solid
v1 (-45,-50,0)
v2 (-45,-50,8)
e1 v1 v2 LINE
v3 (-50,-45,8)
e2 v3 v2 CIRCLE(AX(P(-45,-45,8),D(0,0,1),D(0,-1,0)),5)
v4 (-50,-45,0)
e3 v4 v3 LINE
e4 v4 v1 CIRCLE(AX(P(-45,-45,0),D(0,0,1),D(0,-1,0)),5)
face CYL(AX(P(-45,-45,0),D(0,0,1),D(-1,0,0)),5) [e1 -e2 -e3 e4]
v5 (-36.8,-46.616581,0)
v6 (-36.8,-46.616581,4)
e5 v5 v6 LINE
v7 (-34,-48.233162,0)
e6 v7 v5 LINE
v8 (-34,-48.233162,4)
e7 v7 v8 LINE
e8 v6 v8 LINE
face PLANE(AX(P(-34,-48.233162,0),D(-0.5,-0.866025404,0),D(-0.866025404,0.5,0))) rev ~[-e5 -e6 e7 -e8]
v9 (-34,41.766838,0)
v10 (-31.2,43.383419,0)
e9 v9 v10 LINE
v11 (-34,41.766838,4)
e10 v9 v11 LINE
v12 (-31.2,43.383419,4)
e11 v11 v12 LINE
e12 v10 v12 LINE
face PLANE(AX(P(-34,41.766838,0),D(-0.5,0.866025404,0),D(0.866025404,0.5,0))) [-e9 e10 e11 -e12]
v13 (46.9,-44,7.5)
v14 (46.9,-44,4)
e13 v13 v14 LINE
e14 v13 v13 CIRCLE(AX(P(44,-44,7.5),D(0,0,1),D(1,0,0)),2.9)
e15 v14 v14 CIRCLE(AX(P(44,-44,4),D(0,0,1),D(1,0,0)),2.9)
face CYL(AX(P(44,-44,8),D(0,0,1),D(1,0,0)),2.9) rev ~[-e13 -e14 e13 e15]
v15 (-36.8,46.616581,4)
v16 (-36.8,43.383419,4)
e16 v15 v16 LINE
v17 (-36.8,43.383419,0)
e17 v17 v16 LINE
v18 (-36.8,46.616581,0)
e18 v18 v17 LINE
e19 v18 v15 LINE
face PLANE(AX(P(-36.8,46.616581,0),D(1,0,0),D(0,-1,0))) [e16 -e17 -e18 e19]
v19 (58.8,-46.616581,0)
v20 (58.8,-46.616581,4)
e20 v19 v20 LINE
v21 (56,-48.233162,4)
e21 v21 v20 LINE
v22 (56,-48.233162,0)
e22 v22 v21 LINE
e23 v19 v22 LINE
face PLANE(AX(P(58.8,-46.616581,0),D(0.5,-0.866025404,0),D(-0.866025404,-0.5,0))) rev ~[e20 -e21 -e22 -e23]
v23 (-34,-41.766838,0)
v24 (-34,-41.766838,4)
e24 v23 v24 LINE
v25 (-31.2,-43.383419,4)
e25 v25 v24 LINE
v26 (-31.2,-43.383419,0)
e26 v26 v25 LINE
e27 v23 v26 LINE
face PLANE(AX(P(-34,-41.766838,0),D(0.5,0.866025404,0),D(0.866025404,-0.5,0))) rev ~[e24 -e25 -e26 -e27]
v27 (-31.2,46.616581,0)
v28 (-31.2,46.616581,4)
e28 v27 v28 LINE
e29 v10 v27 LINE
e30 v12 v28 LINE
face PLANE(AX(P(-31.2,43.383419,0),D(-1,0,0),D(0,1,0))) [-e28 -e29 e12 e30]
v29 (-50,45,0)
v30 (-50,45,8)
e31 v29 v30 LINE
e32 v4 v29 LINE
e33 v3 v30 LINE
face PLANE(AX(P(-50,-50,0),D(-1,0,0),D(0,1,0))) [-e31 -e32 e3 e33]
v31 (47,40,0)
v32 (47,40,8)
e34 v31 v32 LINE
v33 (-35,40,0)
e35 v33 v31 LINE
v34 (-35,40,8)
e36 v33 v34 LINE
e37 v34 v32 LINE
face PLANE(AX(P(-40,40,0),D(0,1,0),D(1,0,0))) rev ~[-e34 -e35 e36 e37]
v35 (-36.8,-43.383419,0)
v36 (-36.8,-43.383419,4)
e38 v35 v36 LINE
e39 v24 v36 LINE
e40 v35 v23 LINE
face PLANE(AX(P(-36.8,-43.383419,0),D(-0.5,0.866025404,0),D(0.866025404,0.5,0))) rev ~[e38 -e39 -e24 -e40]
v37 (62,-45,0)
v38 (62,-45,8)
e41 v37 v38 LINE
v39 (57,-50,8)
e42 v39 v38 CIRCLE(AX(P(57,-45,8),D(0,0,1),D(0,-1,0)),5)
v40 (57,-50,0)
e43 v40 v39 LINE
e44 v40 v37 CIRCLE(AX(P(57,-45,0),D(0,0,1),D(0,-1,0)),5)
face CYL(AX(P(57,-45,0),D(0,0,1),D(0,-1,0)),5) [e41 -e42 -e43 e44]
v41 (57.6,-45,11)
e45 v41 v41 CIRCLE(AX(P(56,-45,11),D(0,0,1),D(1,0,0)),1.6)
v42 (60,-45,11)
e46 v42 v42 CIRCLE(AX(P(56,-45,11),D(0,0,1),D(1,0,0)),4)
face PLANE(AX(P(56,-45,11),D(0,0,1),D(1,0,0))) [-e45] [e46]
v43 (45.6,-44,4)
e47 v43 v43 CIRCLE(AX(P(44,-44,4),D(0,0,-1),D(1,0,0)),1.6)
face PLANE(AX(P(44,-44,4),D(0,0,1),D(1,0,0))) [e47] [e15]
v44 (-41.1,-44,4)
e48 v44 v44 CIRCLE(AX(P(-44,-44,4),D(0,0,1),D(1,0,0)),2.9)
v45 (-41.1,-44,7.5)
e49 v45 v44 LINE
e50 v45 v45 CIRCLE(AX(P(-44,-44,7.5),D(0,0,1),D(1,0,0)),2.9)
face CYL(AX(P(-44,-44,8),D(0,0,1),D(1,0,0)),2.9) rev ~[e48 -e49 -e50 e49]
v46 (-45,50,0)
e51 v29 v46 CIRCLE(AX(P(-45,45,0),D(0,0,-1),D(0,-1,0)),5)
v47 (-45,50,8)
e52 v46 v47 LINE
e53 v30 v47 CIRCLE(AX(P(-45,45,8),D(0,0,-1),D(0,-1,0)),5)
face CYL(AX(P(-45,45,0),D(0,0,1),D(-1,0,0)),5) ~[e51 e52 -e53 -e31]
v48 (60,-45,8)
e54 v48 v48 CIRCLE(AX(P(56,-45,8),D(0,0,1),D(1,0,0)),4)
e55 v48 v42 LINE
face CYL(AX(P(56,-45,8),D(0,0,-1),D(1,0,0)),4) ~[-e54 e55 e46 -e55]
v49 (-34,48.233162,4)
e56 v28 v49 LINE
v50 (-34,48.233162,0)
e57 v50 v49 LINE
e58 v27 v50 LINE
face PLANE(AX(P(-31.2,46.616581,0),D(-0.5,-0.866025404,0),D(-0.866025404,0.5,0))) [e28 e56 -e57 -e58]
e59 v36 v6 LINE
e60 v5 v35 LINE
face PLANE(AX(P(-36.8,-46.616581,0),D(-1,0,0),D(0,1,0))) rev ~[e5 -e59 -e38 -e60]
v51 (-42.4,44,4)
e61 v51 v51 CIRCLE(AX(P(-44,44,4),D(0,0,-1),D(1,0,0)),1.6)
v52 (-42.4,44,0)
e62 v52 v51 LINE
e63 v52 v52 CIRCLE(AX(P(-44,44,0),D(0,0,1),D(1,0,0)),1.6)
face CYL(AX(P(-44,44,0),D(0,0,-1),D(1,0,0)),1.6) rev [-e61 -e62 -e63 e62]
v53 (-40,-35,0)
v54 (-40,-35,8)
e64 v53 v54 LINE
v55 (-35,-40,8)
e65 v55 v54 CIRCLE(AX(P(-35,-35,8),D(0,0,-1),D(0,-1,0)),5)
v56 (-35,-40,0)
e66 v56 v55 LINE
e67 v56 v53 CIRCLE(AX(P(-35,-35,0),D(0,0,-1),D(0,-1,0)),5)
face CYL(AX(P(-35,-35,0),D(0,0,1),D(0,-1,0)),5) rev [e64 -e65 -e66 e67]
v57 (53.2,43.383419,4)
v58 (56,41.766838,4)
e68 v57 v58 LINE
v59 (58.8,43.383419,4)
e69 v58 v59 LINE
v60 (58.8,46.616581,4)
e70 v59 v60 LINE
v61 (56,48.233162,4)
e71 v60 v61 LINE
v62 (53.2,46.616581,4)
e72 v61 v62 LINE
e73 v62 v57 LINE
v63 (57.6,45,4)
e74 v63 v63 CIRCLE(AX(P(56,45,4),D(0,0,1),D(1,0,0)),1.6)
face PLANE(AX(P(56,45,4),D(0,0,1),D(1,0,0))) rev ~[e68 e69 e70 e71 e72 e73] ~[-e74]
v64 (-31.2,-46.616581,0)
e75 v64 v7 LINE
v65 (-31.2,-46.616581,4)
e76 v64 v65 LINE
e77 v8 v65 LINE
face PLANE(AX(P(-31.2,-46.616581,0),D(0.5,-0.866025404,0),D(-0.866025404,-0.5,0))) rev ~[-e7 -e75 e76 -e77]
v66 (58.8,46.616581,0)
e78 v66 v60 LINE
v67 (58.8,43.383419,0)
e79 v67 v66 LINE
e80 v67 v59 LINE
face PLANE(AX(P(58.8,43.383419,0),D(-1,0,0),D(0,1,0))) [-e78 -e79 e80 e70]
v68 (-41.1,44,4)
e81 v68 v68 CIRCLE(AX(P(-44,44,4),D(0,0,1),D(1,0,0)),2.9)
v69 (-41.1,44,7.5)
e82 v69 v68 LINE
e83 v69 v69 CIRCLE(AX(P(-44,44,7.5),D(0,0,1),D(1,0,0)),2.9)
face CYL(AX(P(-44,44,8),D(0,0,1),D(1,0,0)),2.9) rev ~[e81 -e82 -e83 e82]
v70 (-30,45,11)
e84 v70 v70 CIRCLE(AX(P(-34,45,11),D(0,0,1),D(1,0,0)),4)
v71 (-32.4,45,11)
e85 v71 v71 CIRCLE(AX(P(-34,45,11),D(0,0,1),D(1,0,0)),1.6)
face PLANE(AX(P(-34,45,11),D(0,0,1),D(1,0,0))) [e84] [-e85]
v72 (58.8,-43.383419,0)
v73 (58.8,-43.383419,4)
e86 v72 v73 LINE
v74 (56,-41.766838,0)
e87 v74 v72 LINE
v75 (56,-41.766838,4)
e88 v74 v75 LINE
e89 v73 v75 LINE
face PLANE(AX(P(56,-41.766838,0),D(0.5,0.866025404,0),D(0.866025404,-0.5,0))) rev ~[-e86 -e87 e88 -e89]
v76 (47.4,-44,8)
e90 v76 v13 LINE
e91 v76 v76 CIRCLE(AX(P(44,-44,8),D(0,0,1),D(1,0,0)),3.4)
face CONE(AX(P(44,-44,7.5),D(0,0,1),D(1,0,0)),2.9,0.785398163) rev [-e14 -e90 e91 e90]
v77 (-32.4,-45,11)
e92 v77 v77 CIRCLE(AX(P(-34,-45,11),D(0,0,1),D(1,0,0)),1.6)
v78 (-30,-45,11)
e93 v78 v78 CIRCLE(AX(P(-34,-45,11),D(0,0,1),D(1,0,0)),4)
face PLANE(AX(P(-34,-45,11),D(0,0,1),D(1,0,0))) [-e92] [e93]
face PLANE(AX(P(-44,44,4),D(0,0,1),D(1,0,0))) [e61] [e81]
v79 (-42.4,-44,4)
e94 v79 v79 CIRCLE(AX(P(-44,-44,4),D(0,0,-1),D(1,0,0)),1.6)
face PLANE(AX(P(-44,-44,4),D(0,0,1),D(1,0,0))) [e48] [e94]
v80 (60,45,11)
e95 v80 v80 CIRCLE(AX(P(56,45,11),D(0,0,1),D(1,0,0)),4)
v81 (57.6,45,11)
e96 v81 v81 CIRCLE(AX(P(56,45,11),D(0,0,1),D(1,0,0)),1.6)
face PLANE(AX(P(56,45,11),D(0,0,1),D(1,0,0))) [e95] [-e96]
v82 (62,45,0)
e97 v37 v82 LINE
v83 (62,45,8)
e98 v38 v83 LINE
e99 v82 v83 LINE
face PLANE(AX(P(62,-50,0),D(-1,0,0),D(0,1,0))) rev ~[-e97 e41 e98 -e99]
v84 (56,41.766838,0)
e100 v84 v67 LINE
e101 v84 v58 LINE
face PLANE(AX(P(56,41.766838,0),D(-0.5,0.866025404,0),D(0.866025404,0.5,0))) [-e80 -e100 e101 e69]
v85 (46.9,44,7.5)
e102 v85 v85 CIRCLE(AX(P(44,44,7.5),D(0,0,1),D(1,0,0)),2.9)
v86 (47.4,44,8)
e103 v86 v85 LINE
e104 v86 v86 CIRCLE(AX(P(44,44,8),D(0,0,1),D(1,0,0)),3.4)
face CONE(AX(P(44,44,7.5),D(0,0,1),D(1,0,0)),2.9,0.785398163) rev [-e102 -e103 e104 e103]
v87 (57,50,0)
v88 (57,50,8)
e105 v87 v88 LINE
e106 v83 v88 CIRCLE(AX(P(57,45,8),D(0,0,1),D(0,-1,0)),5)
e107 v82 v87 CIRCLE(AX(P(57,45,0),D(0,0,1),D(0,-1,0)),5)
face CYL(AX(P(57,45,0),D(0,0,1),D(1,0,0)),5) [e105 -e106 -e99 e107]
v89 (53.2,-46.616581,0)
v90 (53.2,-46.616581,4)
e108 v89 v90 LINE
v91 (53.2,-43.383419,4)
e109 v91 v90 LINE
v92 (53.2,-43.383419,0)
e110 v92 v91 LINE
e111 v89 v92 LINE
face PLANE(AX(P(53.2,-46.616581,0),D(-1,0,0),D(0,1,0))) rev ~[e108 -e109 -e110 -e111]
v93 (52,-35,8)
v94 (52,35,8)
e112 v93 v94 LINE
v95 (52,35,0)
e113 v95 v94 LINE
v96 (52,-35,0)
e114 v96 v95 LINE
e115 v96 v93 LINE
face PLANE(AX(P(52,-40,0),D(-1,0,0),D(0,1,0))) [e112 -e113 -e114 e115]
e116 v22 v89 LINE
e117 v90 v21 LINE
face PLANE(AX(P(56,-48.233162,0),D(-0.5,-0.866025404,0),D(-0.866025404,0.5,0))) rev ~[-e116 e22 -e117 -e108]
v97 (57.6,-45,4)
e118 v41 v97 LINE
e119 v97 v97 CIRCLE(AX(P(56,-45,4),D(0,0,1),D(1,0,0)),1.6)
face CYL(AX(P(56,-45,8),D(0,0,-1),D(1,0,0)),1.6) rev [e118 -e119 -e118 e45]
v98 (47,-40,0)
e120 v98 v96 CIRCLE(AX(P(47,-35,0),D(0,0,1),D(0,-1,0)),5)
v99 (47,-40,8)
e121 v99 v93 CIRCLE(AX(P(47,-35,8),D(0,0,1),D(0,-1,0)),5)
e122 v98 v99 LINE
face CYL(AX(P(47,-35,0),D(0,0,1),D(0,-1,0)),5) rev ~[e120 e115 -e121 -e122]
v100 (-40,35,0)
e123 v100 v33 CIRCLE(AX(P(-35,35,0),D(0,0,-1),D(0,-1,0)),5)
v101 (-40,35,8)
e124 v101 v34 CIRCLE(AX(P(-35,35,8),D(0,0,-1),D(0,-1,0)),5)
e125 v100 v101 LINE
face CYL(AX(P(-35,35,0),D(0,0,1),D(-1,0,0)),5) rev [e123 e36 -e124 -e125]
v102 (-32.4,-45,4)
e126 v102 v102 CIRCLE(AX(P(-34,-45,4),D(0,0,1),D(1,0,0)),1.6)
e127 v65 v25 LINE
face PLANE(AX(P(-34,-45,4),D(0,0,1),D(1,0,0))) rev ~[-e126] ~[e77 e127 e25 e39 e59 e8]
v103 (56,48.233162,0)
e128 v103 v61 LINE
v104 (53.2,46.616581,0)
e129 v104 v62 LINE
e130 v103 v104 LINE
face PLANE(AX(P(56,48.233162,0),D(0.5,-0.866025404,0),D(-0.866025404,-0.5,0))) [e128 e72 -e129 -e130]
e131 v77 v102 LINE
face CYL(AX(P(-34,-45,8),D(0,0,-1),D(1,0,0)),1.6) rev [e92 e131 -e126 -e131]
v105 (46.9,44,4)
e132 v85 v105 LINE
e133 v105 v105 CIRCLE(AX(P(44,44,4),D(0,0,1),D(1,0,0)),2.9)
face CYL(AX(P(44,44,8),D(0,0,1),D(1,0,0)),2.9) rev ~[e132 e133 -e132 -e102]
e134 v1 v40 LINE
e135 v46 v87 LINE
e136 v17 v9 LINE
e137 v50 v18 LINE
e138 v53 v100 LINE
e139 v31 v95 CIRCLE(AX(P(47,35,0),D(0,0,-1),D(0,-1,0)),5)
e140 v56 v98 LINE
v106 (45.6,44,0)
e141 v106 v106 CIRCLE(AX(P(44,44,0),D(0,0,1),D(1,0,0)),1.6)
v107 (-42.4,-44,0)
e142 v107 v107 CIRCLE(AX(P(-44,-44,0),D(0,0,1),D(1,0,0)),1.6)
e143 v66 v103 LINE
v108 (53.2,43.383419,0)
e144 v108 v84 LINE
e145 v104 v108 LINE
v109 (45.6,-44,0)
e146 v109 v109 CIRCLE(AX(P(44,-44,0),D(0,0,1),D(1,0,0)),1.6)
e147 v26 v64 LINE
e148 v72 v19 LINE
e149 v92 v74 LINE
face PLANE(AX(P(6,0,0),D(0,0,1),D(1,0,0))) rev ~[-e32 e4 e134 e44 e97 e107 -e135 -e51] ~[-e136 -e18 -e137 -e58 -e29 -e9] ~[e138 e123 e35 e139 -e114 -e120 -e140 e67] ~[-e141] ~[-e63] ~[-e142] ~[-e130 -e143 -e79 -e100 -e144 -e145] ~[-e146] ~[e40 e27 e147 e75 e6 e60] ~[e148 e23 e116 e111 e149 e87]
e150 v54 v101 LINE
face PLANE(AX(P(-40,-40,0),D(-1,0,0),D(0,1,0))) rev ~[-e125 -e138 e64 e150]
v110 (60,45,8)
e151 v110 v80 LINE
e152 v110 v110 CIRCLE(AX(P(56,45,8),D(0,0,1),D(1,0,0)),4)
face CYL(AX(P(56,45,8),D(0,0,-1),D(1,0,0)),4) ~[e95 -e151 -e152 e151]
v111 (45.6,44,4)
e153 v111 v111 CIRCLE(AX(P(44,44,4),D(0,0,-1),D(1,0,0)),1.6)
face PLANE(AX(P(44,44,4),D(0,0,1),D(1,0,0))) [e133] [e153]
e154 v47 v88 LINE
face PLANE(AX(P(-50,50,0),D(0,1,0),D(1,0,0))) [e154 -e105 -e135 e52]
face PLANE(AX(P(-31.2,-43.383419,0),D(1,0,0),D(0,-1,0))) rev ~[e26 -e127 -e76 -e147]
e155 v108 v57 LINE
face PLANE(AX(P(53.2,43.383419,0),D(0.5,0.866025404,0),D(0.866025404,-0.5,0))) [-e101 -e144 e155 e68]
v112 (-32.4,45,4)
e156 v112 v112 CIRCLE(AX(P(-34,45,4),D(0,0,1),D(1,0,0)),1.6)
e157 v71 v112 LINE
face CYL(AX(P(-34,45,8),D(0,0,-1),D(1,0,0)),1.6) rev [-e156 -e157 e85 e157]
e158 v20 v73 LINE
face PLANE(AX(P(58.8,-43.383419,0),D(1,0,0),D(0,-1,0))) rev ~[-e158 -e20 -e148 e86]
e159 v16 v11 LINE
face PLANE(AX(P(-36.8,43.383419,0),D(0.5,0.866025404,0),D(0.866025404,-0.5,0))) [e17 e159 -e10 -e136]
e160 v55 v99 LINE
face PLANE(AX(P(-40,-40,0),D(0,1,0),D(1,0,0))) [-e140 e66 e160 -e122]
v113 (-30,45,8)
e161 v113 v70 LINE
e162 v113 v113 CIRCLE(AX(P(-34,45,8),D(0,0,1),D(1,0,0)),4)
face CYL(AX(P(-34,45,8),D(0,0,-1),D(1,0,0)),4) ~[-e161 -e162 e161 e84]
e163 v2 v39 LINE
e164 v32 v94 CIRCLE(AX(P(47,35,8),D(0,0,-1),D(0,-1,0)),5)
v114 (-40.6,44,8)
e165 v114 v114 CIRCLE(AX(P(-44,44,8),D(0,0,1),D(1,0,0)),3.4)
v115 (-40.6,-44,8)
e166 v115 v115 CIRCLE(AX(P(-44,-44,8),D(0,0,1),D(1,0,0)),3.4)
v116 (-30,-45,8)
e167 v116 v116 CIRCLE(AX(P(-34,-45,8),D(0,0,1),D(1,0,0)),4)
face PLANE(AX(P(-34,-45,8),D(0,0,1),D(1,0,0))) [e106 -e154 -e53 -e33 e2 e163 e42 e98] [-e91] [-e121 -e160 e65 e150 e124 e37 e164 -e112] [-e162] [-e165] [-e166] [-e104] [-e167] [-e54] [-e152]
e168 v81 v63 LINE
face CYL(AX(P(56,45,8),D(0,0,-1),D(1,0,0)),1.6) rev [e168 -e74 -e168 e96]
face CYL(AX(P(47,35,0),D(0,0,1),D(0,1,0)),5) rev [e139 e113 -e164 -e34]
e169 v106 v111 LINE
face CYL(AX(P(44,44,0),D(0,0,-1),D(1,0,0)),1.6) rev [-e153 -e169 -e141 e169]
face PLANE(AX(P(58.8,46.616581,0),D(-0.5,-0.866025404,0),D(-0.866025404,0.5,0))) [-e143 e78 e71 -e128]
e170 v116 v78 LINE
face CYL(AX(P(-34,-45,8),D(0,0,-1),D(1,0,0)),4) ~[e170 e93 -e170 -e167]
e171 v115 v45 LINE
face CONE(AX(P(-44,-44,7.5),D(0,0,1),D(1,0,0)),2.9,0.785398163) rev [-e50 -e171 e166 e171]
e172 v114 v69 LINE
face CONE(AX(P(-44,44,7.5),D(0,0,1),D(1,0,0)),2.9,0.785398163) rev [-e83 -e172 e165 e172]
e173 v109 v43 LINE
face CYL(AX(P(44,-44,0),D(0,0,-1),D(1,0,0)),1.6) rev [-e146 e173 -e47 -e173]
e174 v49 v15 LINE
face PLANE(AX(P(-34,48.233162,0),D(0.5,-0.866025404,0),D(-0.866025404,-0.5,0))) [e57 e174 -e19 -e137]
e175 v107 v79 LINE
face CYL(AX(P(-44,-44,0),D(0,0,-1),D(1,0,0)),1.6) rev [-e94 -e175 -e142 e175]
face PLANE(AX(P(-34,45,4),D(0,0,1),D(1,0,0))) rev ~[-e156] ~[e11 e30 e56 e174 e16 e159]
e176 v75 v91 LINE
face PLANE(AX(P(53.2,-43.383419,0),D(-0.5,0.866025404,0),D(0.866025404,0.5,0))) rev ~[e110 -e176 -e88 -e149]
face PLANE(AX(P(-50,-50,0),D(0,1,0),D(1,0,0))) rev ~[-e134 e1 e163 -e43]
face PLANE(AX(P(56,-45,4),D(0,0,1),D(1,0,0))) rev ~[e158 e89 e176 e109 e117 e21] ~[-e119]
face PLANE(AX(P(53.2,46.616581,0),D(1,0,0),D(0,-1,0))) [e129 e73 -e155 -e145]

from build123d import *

# Parameters (mm, degrees)
SKICA1_W                 = 112
SKICA1_H                 = 100
SKICA1_R                 = 1.6
SKICA1_W_2               = 92
SKICA1_H_2               = 80
P_IDAT_VYSUNUT_M1_DEPTH  = 8
SKICA2_R                 = 2.9
ODEBRAT_VYSUNUT_M1_DEPTH = 4
SKICA3_R                 = 1.6
P_IDAT_VYSUNUT_M2_DEPTH  = 4
ZKOSEN_1_SIZE            = 0.5
ZAOBLIT1_R               = 5
SKICA4_R                 = 4
SKICA4_R_2               = 1.6
P_IDAT_VYSUNUT_M3_DEPTH  = 3


with BuildPart() as part:
    # Skica1 → Přidat vysunutím1 (new body)
    with BuildSketch(Plane.XY):
        with Locations((6, 0)):
            Rectangle(SKICA1_W, SKICA1_H)
        with Locations((-44, 44)):
            Circle(SKICA1_R, mode=Mode.SUBTRACT)
        with Locations((44, 44)):
            Circle(SKICA1_R, mode=Mode.SUBTRACT)
        with Locations((-44, -44)):
            Circle(SKICA1_R, mode=Mode.SUBTRACT)
        with Locations((44, -44)):
            Circle(SKICA1_R, mode=Mode.SUBTRACT)
        Polygon((-34, 41.766838493), (-31.2, 43.383419246), (-31.2, 46.616580754), (-34, 48.233161507), (-36.8, 46.616580754), (-36.8, 43.383419246), align=None, mode=Mode.SUBTRACT)
        Polygon((56, 41.766838493), (58.8, 43.383419246), (58.8, 46.616580754), (56, 48.233161507), (53.2, 46.616580754), (53.2, 43.383419246), align=None, mode=Mode.SUBTRACT)
        Polygon((53.2, -43.383419246), (56, -41.766838493), (58.8, -43.383419246), (58.8, -46.616580754), (56, -48.233161507), (53.2, -46.616580754), align=None, mode=Mode.SUBTRACT)
        Polygon((-36.8, -43.383419246), (-34, -41.766838493), (-31.2, -43.383419246), (-31.2, -46.616580754), (-34, -48.233161507), (-36.8, -46.616580754), align=None, mode=Mode.SUBTRACT)
        with Locations((6, 0)):
            Rectangle(SKICA1_W_2, SKICA1_H_2, mode=Mode.SUBTRACT)
    extrude(amount=P_IDAT_VYSUNUT_M1_DEPTH)

    # Skica2 → Odebrat vysunutím1 (cut)
    with BuildSketch(Plane.XY.offset(8)):
        with Locations((-44, 44)):
            Circle(SKICA2_R)
        with Locations((44, 44)):
            Circle(SKICA2_R)
        with Locations((44, -44)):
            Circle(SKICA2_R)
        with Locations((-44, -44)):
            Circle(SKICA2_R)
    extrude(amount=-ODEBRAT_VYSUNUT_M1_DEPTH, mode=Mode.SUBTRACT)

    # Skica3 → Přidat vysunutím2 (add)
    with BuildSketch(Plane.XY.offset(8)):
        Polygon((-31.2, -46.616580754), (-31.2, -43.383419246), (-34, -41.766838493), (-36.8, -43.383419246), (-36.8, -46.616580754), (-34, -48.233161507), align=None)
        with Locations((-34, -45)):
            Circle(SKICA3_R, mode=Mode.SUBTRACT)
        Polygon((58.8, -46.616580754), (58.8, -43.383419246), (56, -41.766838493), (53.2, -43.383419246), (53.2, -46.616580754), (56, -48.233161507), align=None)
        with Locations((56, -45)):
            Circle(SKICA3_R, mode=Mode.SUBTRACT)
        Polygon((53.2, 46.616580754), (53.2, 43.383419246), (56, 41.766838493), (58.8, 43.383419246), (58.8, 46.616580754), (56, 48.233161507), align=None)
        with Locations((56, 45)):
            Circle(SKICA3_R, mode=Mode.SUBTRACT)
        Polygon((-34, 48.233161507), (-36.8, 46.616580754), (-36.8, 43.383419246), (-34, 41.766838493), (-31.2, 43.383419246), (-31.2, 46.616580754), align=None)
        with Locations((-34, 45)):
            Circle(SKICA3_R, mode=Mode.SUBTRACT)
    extrude(amount=-P_IDAT_VYSUNUT_M2_DEPTH)

    # Zkosení1
    zkosen_1_edges = [part.edges().sort_by_distance(p)[0] for p in [
        (-46.9, -44, 8),
        (41.1, -44, 8),
        (41.1, 44, 8),
        (-46.9, 44, 8),
    ]]
    chamfer(zkosen_1_edges, length=ZKOSEN_1_SIZE)

    # Zaoblit1
    zaoblit1_edges = [part.edges().sort_by_distance(p)[0] for p in [
        (-40, 40, 4),
        (-40, -40, 4),
        (52, -40, 4),
        (52, 40, 4),
        (-50, 50, 4),
        (62, 50, 4),
        (62, -50, 4),
        (-50, -50, 4),
    ]]
    fillet(zaoblit1_edges, radius=ZAOBLIT1_R)

    # Skica4 → Přidat vysunutím3 (add)
    with BuildSketch(Plane.XY.offset(8)):
        with Locations((-34, 45)):
            Circle(SKICA4_R)
        with Locations((-34, 45)):
            Circle(SKICA4_R_2, mode=Mode.SUBTRACT)
        with Locations((56, 45)):
            Circle(SKICA4_R)
        with Locations((56, 45)):
            Circle(SKICA4_R_2, mode=Mode.SUBTRACT)
        with Locations((56, -45)):
            Circle(SKICA4_R)
        with Locations((56, -45)):
            Circle(SKICA4_R_2, mode=Mode.SUBTRACT)
        with Locations((-34, -45)):
            Circle(SKICA4_R)
        with Locations((-34, -45)):
            Circle(SKICA4_R_2, mode=Mode.SUBTRACT)
    extrude(amount=P_IDAT_VYSUNUT_M3_DEPTH)


solid = part.part
